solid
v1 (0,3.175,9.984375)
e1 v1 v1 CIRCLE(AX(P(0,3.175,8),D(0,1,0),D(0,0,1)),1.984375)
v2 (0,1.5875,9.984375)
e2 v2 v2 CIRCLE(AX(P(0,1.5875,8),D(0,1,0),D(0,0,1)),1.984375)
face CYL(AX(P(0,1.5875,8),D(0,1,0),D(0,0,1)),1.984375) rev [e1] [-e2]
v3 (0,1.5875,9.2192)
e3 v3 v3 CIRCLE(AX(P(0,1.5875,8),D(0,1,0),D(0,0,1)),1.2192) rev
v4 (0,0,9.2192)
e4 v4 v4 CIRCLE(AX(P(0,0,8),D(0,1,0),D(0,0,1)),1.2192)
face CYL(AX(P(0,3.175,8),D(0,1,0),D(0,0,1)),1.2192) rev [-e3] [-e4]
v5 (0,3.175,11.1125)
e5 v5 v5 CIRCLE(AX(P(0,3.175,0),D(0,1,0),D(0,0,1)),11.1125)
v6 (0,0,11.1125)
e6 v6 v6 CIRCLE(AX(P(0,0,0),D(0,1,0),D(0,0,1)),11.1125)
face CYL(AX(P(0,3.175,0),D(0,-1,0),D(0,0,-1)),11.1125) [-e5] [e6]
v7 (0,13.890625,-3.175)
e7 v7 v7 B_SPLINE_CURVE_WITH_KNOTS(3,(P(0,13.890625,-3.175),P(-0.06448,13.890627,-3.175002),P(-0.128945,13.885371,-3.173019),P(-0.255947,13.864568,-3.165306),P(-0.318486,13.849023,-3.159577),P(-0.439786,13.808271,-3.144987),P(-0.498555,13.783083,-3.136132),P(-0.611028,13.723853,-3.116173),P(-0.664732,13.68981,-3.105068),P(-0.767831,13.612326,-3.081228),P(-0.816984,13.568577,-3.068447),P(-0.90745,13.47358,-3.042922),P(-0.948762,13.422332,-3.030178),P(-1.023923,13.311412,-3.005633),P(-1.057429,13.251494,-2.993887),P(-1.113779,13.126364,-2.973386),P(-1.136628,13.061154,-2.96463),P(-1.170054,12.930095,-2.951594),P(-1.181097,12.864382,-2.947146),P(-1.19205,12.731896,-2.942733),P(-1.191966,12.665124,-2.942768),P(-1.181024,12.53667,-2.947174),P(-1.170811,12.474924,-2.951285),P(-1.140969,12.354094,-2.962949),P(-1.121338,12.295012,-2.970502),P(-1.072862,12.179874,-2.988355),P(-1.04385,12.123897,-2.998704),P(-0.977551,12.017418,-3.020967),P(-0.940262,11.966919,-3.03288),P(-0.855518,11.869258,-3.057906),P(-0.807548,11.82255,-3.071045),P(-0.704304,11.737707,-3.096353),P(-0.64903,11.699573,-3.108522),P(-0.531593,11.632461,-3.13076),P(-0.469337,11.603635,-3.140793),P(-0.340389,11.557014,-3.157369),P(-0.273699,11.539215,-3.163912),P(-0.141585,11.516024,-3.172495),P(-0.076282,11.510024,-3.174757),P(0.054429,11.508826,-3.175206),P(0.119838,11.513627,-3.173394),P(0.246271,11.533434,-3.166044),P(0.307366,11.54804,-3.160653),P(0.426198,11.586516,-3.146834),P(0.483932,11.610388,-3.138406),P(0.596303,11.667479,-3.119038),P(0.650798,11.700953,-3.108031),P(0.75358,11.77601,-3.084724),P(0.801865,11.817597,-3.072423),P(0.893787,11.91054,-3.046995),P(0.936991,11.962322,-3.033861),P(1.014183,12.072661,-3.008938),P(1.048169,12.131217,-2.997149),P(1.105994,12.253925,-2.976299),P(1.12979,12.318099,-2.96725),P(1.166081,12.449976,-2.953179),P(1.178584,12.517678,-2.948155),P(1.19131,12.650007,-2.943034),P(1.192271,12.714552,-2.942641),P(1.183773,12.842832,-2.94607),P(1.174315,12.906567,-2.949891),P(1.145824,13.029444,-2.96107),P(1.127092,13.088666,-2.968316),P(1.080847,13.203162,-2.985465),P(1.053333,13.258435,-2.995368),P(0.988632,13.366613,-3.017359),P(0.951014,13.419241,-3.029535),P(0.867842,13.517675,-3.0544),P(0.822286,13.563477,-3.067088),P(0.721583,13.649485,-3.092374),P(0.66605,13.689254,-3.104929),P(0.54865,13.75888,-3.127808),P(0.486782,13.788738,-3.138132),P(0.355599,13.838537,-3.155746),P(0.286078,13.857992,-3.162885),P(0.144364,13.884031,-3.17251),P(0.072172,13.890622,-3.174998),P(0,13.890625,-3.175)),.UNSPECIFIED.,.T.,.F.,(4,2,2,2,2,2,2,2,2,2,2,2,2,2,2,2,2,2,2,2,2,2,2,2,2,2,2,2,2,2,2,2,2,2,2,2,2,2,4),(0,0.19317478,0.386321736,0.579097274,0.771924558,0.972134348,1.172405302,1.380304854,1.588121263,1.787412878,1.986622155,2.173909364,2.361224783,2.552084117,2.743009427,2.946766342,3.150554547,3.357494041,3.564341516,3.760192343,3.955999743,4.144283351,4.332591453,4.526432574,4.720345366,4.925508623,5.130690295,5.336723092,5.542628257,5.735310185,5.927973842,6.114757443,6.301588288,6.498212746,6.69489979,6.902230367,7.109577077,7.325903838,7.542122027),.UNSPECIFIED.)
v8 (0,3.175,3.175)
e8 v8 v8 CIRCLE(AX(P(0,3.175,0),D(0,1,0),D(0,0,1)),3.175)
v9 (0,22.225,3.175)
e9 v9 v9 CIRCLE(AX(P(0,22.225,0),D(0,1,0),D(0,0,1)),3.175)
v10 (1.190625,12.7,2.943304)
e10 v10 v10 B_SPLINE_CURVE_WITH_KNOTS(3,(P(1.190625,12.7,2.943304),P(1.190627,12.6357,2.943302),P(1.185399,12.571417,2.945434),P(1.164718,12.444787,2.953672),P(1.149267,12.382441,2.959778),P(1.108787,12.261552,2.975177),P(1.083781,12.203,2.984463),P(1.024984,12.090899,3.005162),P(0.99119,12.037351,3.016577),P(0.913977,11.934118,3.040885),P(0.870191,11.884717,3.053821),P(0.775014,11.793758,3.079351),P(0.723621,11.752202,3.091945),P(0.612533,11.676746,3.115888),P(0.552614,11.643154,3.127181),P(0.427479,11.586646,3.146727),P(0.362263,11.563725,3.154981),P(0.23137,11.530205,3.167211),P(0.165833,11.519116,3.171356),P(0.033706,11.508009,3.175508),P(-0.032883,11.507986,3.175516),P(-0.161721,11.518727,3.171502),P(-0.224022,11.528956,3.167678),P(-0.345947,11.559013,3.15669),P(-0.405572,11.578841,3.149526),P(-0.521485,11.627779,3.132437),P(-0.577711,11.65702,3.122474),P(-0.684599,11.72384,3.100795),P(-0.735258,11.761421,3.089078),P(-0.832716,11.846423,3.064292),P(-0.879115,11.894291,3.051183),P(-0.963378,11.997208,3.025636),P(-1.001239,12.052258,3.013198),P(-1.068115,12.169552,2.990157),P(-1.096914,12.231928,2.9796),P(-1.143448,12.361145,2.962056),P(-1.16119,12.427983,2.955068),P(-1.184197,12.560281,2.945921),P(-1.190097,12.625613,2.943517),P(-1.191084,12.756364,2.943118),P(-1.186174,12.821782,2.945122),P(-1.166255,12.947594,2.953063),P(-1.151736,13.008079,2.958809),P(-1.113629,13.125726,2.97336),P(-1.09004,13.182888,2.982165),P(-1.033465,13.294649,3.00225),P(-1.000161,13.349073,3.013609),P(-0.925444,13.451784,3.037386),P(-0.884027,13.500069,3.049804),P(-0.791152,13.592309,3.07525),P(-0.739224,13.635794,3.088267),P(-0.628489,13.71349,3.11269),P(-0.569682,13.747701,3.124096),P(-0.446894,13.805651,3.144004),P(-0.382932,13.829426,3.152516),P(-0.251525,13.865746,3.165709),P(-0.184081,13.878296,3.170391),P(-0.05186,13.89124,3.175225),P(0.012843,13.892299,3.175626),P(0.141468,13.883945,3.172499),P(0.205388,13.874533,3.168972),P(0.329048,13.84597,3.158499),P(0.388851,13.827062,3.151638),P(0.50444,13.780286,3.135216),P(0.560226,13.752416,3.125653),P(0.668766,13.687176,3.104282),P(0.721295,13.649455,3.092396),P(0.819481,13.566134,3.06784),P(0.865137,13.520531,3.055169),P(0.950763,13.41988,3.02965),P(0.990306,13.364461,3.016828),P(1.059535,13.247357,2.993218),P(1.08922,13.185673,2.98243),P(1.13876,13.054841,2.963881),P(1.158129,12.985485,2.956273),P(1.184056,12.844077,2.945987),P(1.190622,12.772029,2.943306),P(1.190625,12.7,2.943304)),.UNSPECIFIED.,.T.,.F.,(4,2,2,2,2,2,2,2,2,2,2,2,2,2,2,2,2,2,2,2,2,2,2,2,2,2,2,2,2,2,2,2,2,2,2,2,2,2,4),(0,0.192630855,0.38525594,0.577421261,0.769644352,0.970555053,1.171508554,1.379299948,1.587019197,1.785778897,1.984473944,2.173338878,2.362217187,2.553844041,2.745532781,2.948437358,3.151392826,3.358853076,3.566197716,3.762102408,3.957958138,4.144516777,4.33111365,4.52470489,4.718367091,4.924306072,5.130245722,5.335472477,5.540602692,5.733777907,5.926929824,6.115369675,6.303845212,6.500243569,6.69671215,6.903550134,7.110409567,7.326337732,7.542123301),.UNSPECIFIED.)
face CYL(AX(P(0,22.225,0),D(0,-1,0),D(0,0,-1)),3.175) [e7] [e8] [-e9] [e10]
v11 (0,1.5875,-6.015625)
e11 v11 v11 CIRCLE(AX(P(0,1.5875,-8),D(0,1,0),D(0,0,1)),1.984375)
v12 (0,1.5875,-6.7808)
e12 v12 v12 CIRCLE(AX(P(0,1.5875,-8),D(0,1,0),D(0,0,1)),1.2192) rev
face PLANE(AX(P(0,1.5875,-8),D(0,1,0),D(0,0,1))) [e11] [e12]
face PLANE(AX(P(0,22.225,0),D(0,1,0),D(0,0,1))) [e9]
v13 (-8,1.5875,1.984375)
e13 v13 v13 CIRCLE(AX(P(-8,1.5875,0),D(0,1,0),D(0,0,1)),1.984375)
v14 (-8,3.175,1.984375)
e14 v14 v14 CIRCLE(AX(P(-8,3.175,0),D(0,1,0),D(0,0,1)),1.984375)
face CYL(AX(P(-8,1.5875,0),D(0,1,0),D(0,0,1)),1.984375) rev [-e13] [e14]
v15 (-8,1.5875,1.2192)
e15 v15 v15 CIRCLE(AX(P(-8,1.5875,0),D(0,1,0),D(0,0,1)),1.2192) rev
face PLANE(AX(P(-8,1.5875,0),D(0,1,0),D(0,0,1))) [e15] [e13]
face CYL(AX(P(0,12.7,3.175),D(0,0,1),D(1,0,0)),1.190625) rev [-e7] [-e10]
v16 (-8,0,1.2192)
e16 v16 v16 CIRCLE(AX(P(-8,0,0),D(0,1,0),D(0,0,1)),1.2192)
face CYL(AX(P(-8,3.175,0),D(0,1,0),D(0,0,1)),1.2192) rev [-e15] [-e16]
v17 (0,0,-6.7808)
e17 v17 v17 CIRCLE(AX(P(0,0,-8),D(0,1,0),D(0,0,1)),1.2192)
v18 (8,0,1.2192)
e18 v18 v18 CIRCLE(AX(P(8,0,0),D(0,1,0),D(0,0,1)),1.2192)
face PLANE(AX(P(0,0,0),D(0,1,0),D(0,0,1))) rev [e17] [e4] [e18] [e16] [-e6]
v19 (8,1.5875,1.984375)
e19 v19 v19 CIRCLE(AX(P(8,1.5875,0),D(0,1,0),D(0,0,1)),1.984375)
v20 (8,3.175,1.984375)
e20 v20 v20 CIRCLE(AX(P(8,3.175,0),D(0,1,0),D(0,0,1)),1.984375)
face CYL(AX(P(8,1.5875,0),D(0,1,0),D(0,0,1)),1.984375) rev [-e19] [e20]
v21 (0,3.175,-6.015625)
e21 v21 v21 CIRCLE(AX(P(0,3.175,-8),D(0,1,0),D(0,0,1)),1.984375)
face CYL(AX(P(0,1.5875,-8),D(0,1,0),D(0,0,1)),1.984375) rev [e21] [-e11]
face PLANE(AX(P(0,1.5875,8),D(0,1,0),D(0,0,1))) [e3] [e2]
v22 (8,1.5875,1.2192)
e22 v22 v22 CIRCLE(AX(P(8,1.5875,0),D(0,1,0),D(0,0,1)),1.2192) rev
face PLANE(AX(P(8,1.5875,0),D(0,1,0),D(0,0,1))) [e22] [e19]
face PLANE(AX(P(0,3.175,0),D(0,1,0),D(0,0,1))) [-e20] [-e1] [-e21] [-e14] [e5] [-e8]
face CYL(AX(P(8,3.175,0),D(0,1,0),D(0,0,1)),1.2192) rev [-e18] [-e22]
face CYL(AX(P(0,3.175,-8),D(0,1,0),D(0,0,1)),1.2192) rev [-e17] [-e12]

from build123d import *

# Parameters (mm, degrees)
SKETCH1_R                       = 11.1125
BOSS_EXTRUDE1_DEPTH             = 3.175
SKETCH2_R                       = 3.175
BOSS_EXTRUDE2_DEPTH             = 19.05
F_2_CLEARANCE_HOLE1_D           = 2.4384
SKETCH5_R                       = 1.984375
CUT_EXTRUDE1_DEPTH              = 1.5875
F_3_32_0_09375_DIAMETER_HOLE1_D = 2.38125


with BuildPart() as part:
    # Sketch1 → Boss-Extrude1 (new body)
    with BuildSketch(Plane(origin=(0, 0, 0), x_dir=(1, 0, 0), z_dir=(0, 1, 0))):
        with Locations(Location((0, 0, 0), (0, 0, 270))):
            Circle(SKETCH1_R)
    extrude(amount=BOSS_EXTRUDE1_DEPTH)

    # Sketch2 → Boss-Extrude2 (add)
    with BuildSketch(Plane(origin=(0, 3.175, 0), x_dir=(1, 0, 0), z_dir=(0, 1, 0))):
        with Locations(Location((0, 0, 0), (0, 0, 90))):
            Circle(SKETCH2_R)
    extrude(amount=BOSS_EXTRUDE2_DEPTH)

    # #2 Clearance Hole1 (through all)
    with Locations(Plane(origin=(0, 3.175, 0), x_dir=(1, 0, 0), z_dir=(0, 1, 0))):
        with Locations((0, -8), (0, 8), (-8, 0), (8, 0)):
            Hole(F_2_CLEARANCE_HOLE1_D / 2)

    # Sketch5 → Cut-Extrude1 (cut)
    with BuildSketch(Plane(origin=(0, 3.175, 0), x_dir=(1, 0, 0), z_dir=(0, 1, 0))):
        with Locations(Location((0, -8, 0), (0, 0, 270))):
            Circle(SKETCH5_R)
        with Locations(Location((8, 0, 0), (0, 0, 270))):
            Circle(SKETCH5_R)
        with Locations(Location((0, 8, 0), (0, 0, 270))):
            Circle(SKETCH5_R)
        with Locations(Location((-8, 0, 0), (0, 0, 270))):
            Circle(SKETCH5_R)
    extrude(amount=-CUT_EXTRUDE1_DEPTH, mode=Mode.SUBTRACT)

    # 3/32 (0.09375) Diameter Hole1 (through all)
    with Locations(Plane.XY.offset(3.175)):
        with Locations((0, 12.7)):
            Hole(F_3_32_0_09375_DIAMETER_HOLE1_D / 2)


solid = part.part
